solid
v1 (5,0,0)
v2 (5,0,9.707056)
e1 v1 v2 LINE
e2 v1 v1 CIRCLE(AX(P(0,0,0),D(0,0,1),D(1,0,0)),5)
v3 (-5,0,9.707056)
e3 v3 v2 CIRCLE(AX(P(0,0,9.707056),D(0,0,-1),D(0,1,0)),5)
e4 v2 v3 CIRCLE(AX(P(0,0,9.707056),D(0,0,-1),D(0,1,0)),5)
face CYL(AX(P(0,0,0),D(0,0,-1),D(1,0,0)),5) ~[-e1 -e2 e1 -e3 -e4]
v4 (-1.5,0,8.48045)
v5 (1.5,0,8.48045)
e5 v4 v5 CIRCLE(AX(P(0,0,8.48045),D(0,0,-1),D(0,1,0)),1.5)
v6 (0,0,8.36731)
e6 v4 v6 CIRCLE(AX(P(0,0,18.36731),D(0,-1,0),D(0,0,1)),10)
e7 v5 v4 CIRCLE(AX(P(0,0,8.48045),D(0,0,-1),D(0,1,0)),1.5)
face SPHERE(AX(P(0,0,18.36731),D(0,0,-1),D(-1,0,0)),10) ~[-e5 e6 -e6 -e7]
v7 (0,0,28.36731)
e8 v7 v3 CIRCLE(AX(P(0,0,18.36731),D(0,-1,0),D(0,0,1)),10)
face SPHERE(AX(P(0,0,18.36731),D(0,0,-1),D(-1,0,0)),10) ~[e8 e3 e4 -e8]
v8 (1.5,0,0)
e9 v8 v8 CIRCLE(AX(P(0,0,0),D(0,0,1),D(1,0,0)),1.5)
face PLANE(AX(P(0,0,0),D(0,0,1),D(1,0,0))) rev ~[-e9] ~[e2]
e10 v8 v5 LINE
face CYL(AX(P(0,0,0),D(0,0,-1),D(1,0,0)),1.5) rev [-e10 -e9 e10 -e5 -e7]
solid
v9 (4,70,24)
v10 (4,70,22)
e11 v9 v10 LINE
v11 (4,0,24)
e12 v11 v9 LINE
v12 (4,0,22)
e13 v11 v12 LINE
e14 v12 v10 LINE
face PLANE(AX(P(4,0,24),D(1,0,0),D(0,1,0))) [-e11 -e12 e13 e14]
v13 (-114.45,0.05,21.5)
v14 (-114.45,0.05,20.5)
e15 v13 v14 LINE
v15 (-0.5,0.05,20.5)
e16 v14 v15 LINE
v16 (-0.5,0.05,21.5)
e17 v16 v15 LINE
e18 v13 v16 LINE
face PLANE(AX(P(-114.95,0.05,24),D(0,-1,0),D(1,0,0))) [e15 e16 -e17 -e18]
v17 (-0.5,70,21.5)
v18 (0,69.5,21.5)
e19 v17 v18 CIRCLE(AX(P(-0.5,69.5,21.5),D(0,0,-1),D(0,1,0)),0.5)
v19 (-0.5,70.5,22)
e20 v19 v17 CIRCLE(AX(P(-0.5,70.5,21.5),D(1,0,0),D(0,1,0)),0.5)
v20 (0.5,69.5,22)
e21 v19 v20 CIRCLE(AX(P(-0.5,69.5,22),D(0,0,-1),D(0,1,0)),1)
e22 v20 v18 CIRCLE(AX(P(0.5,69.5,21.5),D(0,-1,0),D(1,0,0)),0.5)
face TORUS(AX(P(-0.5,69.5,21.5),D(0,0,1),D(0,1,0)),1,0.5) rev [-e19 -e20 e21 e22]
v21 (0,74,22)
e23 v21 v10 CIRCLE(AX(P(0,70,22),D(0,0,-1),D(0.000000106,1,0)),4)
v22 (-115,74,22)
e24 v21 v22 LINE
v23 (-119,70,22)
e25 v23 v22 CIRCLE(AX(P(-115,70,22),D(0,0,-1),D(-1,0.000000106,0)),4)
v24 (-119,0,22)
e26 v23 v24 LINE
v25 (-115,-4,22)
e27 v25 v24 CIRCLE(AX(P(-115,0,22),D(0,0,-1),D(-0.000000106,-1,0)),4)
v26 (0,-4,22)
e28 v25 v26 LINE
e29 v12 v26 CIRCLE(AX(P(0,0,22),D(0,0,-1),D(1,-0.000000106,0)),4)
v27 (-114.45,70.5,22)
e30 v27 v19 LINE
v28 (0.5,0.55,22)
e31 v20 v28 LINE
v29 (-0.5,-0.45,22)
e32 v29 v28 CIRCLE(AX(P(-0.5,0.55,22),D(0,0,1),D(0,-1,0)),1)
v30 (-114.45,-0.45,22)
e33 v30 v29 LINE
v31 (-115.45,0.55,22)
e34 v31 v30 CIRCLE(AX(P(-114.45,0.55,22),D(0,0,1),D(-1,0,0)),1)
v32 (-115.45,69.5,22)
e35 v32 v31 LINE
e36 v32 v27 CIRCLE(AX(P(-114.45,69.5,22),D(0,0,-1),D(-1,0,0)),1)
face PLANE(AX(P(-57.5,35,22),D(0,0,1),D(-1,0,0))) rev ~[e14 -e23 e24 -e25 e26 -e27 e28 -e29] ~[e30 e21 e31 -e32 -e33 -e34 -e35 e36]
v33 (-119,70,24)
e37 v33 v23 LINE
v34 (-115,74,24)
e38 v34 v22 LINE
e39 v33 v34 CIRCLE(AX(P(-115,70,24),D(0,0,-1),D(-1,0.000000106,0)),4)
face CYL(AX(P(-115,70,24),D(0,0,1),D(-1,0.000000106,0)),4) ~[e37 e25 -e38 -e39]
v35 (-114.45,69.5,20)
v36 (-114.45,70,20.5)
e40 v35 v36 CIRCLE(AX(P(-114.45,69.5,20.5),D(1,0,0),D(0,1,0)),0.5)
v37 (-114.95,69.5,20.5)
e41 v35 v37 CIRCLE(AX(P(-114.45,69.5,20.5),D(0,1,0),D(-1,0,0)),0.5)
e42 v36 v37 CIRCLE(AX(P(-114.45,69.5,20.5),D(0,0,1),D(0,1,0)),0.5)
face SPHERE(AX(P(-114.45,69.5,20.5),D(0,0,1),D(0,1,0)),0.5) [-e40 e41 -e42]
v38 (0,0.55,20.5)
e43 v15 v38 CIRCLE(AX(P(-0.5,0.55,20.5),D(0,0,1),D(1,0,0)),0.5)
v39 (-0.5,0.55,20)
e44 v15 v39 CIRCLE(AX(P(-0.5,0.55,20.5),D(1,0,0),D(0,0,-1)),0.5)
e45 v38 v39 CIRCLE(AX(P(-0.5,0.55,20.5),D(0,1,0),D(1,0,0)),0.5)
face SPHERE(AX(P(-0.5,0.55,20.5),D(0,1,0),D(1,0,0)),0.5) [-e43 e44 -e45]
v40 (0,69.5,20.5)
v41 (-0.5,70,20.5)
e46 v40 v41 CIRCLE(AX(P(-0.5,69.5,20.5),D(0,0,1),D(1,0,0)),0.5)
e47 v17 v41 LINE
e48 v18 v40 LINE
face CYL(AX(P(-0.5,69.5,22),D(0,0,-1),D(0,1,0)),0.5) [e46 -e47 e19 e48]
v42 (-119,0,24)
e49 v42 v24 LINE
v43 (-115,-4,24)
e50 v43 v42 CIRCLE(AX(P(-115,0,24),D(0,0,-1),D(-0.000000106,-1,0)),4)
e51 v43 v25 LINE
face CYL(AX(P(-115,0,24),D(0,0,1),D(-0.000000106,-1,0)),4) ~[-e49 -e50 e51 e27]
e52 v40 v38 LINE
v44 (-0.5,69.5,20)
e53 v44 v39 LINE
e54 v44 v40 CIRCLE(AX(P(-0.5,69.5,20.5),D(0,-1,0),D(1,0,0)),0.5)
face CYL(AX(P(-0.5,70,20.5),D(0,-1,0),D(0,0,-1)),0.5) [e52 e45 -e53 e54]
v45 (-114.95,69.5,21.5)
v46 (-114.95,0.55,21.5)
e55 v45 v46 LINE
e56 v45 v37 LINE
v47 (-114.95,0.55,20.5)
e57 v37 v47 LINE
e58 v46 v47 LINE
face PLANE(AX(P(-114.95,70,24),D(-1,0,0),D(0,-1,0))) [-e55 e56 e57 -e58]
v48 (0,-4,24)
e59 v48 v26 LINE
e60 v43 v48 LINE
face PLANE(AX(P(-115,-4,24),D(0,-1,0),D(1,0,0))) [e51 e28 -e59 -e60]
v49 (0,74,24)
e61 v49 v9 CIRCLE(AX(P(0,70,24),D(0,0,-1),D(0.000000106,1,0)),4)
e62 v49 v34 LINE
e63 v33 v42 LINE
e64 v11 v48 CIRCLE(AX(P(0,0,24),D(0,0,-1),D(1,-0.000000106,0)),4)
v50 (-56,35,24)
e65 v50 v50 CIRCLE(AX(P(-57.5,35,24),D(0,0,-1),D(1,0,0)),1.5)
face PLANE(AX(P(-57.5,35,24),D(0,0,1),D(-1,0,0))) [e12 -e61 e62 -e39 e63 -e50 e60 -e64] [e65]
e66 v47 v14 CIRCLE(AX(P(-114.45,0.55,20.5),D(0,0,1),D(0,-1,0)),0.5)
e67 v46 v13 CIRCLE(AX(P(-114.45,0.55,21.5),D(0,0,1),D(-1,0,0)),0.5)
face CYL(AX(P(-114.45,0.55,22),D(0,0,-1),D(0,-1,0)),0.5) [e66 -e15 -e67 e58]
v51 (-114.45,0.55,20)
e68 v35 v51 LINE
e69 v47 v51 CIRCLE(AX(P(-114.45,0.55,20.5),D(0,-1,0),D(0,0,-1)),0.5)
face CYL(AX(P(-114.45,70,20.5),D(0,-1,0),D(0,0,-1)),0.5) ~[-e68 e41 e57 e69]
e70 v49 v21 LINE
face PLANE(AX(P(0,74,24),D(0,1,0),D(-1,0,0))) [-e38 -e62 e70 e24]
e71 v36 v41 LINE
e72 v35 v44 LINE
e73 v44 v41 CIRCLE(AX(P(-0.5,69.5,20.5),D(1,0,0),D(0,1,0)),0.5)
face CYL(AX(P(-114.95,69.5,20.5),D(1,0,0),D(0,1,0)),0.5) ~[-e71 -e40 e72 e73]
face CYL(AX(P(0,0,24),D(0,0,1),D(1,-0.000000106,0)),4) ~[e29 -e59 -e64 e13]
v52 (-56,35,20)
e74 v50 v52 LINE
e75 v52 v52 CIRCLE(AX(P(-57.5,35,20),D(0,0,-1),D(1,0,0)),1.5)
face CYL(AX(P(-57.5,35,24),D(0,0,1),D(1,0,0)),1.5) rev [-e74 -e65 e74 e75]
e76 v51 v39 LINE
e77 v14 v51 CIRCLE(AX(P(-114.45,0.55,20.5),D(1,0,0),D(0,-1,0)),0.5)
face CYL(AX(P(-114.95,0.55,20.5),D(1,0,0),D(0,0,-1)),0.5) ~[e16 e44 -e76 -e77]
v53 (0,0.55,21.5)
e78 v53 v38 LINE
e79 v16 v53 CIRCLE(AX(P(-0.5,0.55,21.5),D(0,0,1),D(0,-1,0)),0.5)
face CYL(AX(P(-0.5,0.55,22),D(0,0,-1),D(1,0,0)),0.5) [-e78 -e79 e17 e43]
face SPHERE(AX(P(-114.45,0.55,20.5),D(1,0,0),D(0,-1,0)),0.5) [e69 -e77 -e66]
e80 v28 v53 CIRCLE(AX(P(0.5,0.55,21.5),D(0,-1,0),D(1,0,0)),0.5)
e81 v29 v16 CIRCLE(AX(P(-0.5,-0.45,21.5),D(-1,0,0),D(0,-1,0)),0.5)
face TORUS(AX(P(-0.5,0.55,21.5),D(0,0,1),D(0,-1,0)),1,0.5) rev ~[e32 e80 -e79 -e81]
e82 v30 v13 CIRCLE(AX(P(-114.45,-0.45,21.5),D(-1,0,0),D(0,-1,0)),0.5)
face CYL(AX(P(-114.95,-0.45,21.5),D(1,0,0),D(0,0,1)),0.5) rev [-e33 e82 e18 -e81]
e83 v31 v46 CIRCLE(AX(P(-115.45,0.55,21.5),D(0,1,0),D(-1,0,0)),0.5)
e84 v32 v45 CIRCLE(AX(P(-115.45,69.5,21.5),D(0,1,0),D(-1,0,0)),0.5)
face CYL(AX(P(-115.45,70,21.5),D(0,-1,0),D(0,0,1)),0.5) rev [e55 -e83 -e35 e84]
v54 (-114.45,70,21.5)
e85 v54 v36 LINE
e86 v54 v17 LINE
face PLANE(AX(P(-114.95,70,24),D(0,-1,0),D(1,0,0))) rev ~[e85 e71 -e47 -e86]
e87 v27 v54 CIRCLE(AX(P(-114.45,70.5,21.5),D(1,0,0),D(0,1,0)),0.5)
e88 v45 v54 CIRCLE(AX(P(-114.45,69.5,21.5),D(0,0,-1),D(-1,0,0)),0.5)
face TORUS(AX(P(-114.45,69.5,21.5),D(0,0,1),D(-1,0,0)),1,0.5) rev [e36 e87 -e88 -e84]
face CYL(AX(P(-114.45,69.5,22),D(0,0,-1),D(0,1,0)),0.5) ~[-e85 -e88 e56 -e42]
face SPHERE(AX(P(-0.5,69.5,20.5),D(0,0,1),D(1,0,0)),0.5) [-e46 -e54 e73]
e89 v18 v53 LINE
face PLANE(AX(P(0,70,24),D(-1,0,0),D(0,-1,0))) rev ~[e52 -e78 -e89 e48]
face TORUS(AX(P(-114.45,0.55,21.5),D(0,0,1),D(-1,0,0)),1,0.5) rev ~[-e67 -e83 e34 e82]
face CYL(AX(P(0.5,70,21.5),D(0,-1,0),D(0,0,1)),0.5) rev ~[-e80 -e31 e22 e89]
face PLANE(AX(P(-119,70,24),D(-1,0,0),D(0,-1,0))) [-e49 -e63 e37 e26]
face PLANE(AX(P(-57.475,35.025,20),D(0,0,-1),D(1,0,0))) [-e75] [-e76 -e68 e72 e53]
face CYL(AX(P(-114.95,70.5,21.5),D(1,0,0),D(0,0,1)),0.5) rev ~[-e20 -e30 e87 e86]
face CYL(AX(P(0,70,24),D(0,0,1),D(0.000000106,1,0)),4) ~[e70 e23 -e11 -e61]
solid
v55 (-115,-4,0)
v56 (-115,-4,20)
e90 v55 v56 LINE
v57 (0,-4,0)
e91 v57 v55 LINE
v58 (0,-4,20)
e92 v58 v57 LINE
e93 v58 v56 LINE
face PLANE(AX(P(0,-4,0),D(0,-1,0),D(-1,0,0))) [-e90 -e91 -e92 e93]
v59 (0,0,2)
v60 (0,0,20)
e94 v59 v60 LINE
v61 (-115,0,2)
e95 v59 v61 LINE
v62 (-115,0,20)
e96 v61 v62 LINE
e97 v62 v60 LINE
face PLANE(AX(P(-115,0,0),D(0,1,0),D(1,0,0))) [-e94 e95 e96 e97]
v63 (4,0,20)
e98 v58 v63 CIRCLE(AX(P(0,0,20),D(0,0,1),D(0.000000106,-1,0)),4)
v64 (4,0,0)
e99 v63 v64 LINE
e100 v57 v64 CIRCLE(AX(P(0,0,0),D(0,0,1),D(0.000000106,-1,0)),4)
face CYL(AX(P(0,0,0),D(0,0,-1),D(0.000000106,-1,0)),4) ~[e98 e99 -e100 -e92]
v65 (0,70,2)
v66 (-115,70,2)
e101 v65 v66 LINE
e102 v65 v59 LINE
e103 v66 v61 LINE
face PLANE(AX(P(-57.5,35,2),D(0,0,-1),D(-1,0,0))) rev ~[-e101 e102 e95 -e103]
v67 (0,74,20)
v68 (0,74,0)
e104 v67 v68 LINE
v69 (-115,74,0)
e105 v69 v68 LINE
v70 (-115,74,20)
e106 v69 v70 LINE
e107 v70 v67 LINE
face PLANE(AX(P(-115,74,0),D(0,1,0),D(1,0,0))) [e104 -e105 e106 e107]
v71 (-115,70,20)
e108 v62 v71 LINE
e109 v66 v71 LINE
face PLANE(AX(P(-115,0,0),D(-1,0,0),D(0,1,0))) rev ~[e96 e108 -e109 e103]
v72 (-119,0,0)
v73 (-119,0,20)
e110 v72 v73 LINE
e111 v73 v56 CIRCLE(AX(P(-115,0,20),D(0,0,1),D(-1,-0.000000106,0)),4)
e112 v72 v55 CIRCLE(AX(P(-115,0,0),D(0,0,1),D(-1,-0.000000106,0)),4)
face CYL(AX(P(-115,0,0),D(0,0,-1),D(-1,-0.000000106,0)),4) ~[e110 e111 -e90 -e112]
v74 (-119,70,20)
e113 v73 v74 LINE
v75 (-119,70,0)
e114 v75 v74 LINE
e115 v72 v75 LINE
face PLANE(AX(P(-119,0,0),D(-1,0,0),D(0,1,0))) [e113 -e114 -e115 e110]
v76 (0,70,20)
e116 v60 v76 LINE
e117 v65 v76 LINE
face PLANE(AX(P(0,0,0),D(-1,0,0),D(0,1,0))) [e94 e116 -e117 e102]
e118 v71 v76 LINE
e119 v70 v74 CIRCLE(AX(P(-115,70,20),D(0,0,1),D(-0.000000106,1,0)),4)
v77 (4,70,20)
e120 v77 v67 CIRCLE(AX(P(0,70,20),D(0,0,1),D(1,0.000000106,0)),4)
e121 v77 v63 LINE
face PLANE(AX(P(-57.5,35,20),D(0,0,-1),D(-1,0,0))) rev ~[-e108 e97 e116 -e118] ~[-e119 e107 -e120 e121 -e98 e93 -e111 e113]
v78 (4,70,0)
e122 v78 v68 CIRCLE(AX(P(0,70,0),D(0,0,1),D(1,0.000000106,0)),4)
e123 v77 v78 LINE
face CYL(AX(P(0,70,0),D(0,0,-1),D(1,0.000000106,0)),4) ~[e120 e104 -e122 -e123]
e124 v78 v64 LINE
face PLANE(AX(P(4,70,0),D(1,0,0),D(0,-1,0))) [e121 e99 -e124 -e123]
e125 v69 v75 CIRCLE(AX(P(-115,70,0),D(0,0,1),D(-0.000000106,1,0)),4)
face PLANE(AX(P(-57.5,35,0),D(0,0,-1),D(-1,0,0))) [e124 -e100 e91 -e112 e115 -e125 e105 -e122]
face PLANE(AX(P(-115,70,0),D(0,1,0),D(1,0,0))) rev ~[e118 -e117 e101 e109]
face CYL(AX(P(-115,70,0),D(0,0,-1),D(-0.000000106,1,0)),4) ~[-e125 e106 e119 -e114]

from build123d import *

# Parameters (mm, degrees)
SKETCH_W                = 115
SKETCH_H                = 70
PAD_DEPTH               = 20
PAD001_DEPTH            = 2
SKETCH002_R             = 1.5
PAD002_DEPTH            = 2
SKETCH003_W             = 114.95
SKETCH003_H             = 69.95
SKETCH003_R             = 1.5
PAD003_DEPTH            = 4
FILLET_R                = 0.5
BODY001_PLACEMENT_ANGLE = 180
SKETCH004_R             = 5
SKETCH004_R_2           = 1.5
PAD004_DEPTH            = 10


with BuildPart() as body:
    # Sketch → Pad (new body)
    with BuildSketch(Plane.XY):
        with BuildLine():
            Line((-115, 74), (0, 74))
            ThreePointArc((4, 70), (2.828427, 72.828427), (0, 74))
            Line((4, 70), (4, 0))
            ThreePointArc((0, -4), (2.828427, -2.828427), (4, 0))
            Line((0, -4), (-115, -4))
            ThreePointArc((-119, 0), (-117.828427, -2.828427), (-115, -4))
            Line((-119, 0), (-119, 70))
            ThreePointArc((-115, 74), (-117.828427, 72.828427), (-119, 70))
        make_face()
        with Locations((-57.5, 35)):
            Rectangle(SKETCH_W, SKETCH_H, mode=Mode.SUBTRACT)
    extrude(amount=PAD_DEPTH)

    # Sketch001 → Pad001 (join)
    with BuildSketch(Plane.XY):
        with BuildLine():
            Line((-115, 74), (0, 74))
            ThreePointArc((4, 70), (2.828427, 72.828427), (0, 74))
            Line((4, 70), (4, 0))
            ThreePointArc((0, -4), (2.828427, -2.828427), (4, 0))
            Line((0, -4), (-115, -4))
            ThreePointArc((-119, 0), (-117.828427, -2.828427), (-115, -4))
            Line((-119, 0), (-119, 70))
            ThreePointArc((-115, 74), (-117.828427, 72.828427), (-119, 70))
        make_face()
    extrude(amount=PAD001_DEPTH)


with BuildPart() as body001cover:
    # Sketch002 → Pad002 (new body)
    with BuildSketch(Plane.XY):
        with BuildLine():
            Line((-115, 74), (0, 74))
            ThreePointArc((4, 70), (2.828427, 72.828427), (0, 74))
            Line((4, 70), (4, 0))
            ThreePointArc((0, -4), (2.828427, -2.828427), (4, 0))
            Line((0, -4), (-115, -4))
            ThreePointArc((-119, 0), (-117.828427, -2.828427), (-115, -4))
            Line((-119, 0), (-119, 70))
            ThreePointArc((-115, 74), (-117.828427, 72.828427), (-119, 70))
        make_face()
        with Locations((-57.5, 35)):
            Circle(SKETCH002_R, mode=Mode.SUBTRACT)
    extrude(amount=PAD002_DEPTH)

    # Sketch003 → Pad003 (join)
    with BuildSketch(Plane.XY):
        with Locations((-57.475, 34.975)):
            Rectangle(SKETCH003_W, SKETCH003_H)
        with Locations((-57.5, 35)):
            Circle(SKETCH003_R, mode=Mode.SUBTRACT)
    extrude(amount=PAD003_DEPTH)

    # Fillet
    fillet_edges = [body001cover.edges().sort_by_distance(p)[0] for p in [
        (0, 34.975, 2),
        (0, 0, 3),
        (0, 34.975, 4),
        (0, 69.95, 3),
        (-57.475, 69.95, 2),
        (-57.475, 69.95, 4),
        (-114.95, 69.95, 3),
        (-57.475, 0, 2),
        (-114.95, 0, 3),
        (-57.475, 0, 4),
        (-114.95, 34.975, 2),
        (-114.95, 34.975, 4),
    ]]
    fillet(fillet_edges, radius=FILLET_R)


with BuildPart() as body001cover_1:
    # Body001 placement: moved
    add(body001cover.part.moved(Location((0, 70, 24))).rotate(Axis((0, 70, 24), (1, 0, 0)), BODY001_PLACEMENT_ANGLE))


with BuildPart() as body002head:
    # Sketch004 → Pad004 (new body)
    with BuildSketch(Plane.XY):
        Circle(SKETCH004_R)
        Circle(SKETCH004_R_2, mode=Mode.SUBTRACT)
    extrude(amount=PAD004_DEPTH)

    # Sketch005 → Revolution (revolve)
    with BuildSketch(Plane.XZ):
        with BuildLine():
            Line((0, 28.36731), (0, 8.36731))
            ThreePointArc((0, 28.36731), (-10, 18.36731), (0, 8.36731))
        make_face()
    revolve(axis=Axis((0, 0, 0), (0, 0, 1)))


solid = Compound([body.part, body001cover_1.part, body002head.part])
